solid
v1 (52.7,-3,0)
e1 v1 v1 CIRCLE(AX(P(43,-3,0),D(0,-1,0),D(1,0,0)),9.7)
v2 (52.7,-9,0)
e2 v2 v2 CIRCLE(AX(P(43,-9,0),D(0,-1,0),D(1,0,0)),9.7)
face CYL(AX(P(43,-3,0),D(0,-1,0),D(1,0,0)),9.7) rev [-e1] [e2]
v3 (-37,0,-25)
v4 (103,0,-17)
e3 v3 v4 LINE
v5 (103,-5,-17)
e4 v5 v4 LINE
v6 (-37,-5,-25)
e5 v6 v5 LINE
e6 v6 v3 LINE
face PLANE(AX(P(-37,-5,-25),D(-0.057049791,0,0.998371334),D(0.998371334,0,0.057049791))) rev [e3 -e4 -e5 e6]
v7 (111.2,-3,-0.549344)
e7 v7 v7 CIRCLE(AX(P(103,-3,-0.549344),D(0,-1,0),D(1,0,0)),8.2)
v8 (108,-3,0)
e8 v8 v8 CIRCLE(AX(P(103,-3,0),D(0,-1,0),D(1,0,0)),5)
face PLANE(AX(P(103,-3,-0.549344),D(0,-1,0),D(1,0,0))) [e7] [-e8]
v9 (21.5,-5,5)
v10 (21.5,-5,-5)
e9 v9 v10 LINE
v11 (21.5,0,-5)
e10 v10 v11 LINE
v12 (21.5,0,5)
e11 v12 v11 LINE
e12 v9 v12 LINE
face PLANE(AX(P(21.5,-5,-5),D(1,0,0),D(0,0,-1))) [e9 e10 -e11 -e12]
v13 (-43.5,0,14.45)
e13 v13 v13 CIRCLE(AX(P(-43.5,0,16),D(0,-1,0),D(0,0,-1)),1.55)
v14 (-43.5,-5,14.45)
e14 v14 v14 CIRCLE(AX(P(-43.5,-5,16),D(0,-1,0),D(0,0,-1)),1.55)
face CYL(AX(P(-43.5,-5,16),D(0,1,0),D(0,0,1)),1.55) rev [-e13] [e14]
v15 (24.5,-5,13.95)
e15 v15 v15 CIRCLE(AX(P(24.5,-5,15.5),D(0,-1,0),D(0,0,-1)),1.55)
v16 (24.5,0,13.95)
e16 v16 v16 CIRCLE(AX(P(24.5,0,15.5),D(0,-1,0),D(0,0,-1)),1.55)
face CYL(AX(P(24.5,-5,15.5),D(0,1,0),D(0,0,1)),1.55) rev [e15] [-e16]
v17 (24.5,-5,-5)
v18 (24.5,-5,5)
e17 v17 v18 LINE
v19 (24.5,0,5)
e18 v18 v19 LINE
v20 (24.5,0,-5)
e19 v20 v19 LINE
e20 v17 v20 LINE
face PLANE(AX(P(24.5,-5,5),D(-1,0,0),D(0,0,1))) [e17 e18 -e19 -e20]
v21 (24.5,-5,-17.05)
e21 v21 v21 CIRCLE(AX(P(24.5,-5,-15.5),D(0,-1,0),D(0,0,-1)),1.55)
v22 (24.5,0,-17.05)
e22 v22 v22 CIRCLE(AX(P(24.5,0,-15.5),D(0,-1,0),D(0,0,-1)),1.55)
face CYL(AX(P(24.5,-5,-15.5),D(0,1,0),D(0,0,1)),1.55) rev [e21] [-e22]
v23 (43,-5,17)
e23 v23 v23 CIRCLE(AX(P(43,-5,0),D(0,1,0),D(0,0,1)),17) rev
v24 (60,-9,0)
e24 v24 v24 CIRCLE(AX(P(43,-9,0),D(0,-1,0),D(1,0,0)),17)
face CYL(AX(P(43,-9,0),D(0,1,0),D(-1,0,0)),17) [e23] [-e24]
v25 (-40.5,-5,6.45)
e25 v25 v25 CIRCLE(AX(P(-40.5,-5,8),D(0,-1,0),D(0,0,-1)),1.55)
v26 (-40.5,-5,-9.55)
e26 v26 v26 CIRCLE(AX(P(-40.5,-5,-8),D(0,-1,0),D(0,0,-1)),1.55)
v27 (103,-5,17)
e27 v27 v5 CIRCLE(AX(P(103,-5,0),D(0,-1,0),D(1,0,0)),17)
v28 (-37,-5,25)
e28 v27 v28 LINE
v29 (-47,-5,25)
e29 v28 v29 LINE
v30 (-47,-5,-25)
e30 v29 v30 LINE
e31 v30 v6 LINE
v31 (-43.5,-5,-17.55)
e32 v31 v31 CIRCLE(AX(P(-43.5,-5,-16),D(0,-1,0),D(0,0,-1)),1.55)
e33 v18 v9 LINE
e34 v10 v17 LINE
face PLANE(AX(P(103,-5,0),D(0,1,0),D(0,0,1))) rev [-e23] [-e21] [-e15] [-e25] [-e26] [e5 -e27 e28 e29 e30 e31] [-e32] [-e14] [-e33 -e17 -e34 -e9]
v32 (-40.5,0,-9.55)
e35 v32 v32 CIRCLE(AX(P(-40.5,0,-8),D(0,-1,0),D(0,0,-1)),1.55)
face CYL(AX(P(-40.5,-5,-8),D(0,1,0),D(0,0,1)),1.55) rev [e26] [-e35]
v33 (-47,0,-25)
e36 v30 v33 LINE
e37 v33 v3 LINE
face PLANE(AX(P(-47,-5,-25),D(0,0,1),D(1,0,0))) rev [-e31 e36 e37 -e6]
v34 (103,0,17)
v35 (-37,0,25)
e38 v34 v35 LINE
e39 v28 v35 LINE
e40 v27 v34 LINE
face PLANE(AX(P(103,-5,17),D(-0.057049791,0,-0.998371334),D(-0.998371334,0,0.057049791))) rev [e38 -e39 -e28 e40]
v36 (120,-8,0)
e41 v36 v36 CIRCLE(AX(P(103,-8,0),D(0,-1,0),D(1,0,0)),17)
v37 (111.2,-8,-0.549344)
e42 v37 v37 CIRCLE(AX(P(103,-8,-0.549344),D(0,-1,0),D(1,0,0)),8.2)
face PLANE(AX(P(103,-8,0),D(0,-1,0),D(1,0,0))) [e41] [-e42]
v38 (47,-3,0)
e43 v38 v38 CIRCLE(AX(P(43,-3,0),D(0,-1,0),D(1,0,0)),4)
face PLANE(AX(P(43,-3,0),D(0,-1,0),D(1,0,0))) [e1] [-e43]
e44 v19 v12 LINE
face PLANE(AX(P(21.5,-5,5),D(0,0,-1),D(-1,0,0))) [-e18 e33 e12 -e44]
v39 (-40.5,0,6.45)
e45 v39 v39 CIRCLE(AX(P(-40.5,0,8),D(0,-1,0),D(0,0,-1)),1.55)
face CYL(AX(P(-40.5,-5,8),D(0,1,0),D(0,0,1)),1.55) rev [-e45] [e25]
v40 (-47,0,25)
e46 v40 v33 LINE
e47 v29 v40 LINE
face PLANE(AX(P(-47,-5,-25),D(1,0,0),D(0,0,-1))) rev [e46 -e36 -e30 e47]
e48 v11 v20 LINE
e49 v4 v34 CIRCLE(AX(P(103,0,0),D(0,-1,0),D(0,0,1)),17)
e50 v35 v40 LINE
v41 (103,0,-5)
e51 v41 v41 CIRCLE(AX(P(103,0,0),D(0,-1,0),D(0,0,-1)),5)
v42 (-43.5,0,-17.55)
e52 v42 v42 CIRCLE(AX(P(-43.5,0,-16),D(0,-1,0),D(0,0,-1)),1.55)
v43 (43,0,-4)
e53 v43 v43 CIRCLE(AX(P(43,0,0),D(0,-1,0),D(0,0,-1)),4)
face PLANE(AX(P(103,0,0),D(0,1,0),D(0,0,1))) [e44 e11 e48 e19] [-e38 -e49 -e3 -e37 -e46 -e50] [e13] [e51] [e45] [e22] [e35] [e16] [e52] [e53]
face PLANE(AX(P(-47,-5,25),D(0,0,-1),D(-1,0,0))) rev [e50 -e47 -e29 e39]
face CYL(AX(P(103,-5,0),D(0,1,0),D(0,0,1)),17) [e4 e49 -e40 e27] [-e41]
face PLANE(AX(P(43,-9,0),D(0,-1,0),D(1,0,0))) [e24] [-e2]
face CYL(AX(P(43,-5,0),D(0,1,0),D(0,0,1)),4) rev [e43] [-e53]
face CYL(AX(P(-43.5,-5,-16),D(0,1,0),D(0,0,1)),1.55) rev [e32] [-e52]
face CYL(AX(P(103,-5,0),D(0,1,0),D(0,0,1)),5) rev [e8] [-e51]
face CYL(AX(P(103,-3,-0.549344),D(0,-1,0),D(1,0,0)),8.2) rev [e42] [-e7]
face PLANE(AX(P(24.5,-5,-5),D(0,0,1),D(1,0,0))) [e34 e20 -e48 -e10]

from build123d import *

# Parameters (mm, degrees)
SKETCH28_R           = 5
SKETCH28_R_2         = 4
SKETCH28_R_3         = 1.55
SKETCH28_W           = 10
SKETCH28_H           = 3
BOSS_EXTRUDE10_DEPTH = 5
SKETCH25_R           = 17
BOSS_EXTRUDE8_DEPTH  = 3
SKETCH30_R           = 17
BOSS_EXTRUDE11_DEPTH = 4
SKETCH32_R           = 9.7
CUT_EXTRUDE3_DEPTH   = 6
SKETCH33_R           = 8.2
CUT_EXTRUDE4_DEPTH   = 5


with BuildPart() as part:
    # Sketch28 → Boss-Extrude10 (new body)
    with BuildSketch(Plane(origin=(-32, 0, 0), x_dir=(0, 0, 1), z_dir=(0, -1, 0))):
        with BuildLine():
            Line((-25, 15), (25, 15))
            Line((25, 15), (25, 5))
            Line((25, 5), (17, -135))
            ThreePointArc((17, -135), (0, -152), (-17, -135))
            Line((-17, -135), (-25, 5))
            Line((-25, 5), (-25, 15))
        make_face()
        with Locations(Location((0, -135, 0), (0, 0, 180))):
            Circle(SKETCH28_R, mode=Mode.SUBTRACT)
        with Locations(Location((0, -75, 0), (0, 0, 180))):
            Circle(SKETCH28_R_2, mode=Mode.SUBTRACT)
        with Locations(Location((8, 8.5, 0), (0, 0, 180))):
            Circle(SKETCH28_R_3, mode=Mode.SUBTRACT)
        with Locations(Location((-8, 8.5, 0), (0, 0, 180))):
            Circle(SKETCH28_R_3, mode=Mode.SUBTRACT)
        with Locations(Location((16, 11.5, 0), (0, 0, 180))):
            Circle(SKETCH28_R_3, mode=Mode.SUBTRACT)
        with Locations(Location((-16, 11.5, 0), (0, 0, 180))):
            Circle(SKETCH28_R_3, mode=Mode.SUBTRACT)
        with Locations(Location((-15.5, -56.5, 0), (0, 0, 180))):
            Circle(SKETCH28_R_3, mode=Mode.SUBTRACT)
        with Locations(Location((15.5, -56.5, 0), (0, 0, 180))):
            Circle(SKETCH28_R_3, mode=Mode.SUBTRACT)
        with Locations((0, -55)):
            Rectangle(SKETCH28_W, SKETCH28_H, mode=Mode.SUBTRACT)
    extrude(amount=BOSS_EXTRUDE10_DEPTH)

    # Sketch25 → Boss-Extrude8 (add)
    with BuildSketch(Plane(origin=(0, -5, 0), x_dir=(0, 0, 1), z_dir=(0, -1, 0))):
        with Locations((0, -103)):
            Circle(SKETCH25_R)
    extrude(amount=BOSS_EXTRUDE8_DEPTH)

    # Sketch30 → Boss-Extrude11 (add)
    with BuildSketch(Plane(origin=(0, -5, 0), x_dir=(0, 0, 1), z_dir=(0, -1, 0))):
        with Locations((0, -43)):
            Circle(SKETCH30_R)
    extrude(amount=BOSS_EXTRUDE11_DEPTH)

    # Sketch32 → Cut-Extrude3 (cut)
    with BuildSketch(Plane.XZ.offset(9)):
        with Locations((43, 0)):
            Circle(SKETCH32_R)
    extrude(amount=-CUT_EXTRUDE3_DEPTH, mode=Mode.SUBTRACT)

    # Sketch33 → Cut-Extrude4 (cut)
    with BuildSketch(Plane.XZ.offset(8)):
        with Locations((103, -0.549344368)):
            Circle(SKETCH33_R)
    extrude(amount=-CUT_EXTRUDE4_DEPTH, mode=Mode.SUBTRACT)


solid = part.part
